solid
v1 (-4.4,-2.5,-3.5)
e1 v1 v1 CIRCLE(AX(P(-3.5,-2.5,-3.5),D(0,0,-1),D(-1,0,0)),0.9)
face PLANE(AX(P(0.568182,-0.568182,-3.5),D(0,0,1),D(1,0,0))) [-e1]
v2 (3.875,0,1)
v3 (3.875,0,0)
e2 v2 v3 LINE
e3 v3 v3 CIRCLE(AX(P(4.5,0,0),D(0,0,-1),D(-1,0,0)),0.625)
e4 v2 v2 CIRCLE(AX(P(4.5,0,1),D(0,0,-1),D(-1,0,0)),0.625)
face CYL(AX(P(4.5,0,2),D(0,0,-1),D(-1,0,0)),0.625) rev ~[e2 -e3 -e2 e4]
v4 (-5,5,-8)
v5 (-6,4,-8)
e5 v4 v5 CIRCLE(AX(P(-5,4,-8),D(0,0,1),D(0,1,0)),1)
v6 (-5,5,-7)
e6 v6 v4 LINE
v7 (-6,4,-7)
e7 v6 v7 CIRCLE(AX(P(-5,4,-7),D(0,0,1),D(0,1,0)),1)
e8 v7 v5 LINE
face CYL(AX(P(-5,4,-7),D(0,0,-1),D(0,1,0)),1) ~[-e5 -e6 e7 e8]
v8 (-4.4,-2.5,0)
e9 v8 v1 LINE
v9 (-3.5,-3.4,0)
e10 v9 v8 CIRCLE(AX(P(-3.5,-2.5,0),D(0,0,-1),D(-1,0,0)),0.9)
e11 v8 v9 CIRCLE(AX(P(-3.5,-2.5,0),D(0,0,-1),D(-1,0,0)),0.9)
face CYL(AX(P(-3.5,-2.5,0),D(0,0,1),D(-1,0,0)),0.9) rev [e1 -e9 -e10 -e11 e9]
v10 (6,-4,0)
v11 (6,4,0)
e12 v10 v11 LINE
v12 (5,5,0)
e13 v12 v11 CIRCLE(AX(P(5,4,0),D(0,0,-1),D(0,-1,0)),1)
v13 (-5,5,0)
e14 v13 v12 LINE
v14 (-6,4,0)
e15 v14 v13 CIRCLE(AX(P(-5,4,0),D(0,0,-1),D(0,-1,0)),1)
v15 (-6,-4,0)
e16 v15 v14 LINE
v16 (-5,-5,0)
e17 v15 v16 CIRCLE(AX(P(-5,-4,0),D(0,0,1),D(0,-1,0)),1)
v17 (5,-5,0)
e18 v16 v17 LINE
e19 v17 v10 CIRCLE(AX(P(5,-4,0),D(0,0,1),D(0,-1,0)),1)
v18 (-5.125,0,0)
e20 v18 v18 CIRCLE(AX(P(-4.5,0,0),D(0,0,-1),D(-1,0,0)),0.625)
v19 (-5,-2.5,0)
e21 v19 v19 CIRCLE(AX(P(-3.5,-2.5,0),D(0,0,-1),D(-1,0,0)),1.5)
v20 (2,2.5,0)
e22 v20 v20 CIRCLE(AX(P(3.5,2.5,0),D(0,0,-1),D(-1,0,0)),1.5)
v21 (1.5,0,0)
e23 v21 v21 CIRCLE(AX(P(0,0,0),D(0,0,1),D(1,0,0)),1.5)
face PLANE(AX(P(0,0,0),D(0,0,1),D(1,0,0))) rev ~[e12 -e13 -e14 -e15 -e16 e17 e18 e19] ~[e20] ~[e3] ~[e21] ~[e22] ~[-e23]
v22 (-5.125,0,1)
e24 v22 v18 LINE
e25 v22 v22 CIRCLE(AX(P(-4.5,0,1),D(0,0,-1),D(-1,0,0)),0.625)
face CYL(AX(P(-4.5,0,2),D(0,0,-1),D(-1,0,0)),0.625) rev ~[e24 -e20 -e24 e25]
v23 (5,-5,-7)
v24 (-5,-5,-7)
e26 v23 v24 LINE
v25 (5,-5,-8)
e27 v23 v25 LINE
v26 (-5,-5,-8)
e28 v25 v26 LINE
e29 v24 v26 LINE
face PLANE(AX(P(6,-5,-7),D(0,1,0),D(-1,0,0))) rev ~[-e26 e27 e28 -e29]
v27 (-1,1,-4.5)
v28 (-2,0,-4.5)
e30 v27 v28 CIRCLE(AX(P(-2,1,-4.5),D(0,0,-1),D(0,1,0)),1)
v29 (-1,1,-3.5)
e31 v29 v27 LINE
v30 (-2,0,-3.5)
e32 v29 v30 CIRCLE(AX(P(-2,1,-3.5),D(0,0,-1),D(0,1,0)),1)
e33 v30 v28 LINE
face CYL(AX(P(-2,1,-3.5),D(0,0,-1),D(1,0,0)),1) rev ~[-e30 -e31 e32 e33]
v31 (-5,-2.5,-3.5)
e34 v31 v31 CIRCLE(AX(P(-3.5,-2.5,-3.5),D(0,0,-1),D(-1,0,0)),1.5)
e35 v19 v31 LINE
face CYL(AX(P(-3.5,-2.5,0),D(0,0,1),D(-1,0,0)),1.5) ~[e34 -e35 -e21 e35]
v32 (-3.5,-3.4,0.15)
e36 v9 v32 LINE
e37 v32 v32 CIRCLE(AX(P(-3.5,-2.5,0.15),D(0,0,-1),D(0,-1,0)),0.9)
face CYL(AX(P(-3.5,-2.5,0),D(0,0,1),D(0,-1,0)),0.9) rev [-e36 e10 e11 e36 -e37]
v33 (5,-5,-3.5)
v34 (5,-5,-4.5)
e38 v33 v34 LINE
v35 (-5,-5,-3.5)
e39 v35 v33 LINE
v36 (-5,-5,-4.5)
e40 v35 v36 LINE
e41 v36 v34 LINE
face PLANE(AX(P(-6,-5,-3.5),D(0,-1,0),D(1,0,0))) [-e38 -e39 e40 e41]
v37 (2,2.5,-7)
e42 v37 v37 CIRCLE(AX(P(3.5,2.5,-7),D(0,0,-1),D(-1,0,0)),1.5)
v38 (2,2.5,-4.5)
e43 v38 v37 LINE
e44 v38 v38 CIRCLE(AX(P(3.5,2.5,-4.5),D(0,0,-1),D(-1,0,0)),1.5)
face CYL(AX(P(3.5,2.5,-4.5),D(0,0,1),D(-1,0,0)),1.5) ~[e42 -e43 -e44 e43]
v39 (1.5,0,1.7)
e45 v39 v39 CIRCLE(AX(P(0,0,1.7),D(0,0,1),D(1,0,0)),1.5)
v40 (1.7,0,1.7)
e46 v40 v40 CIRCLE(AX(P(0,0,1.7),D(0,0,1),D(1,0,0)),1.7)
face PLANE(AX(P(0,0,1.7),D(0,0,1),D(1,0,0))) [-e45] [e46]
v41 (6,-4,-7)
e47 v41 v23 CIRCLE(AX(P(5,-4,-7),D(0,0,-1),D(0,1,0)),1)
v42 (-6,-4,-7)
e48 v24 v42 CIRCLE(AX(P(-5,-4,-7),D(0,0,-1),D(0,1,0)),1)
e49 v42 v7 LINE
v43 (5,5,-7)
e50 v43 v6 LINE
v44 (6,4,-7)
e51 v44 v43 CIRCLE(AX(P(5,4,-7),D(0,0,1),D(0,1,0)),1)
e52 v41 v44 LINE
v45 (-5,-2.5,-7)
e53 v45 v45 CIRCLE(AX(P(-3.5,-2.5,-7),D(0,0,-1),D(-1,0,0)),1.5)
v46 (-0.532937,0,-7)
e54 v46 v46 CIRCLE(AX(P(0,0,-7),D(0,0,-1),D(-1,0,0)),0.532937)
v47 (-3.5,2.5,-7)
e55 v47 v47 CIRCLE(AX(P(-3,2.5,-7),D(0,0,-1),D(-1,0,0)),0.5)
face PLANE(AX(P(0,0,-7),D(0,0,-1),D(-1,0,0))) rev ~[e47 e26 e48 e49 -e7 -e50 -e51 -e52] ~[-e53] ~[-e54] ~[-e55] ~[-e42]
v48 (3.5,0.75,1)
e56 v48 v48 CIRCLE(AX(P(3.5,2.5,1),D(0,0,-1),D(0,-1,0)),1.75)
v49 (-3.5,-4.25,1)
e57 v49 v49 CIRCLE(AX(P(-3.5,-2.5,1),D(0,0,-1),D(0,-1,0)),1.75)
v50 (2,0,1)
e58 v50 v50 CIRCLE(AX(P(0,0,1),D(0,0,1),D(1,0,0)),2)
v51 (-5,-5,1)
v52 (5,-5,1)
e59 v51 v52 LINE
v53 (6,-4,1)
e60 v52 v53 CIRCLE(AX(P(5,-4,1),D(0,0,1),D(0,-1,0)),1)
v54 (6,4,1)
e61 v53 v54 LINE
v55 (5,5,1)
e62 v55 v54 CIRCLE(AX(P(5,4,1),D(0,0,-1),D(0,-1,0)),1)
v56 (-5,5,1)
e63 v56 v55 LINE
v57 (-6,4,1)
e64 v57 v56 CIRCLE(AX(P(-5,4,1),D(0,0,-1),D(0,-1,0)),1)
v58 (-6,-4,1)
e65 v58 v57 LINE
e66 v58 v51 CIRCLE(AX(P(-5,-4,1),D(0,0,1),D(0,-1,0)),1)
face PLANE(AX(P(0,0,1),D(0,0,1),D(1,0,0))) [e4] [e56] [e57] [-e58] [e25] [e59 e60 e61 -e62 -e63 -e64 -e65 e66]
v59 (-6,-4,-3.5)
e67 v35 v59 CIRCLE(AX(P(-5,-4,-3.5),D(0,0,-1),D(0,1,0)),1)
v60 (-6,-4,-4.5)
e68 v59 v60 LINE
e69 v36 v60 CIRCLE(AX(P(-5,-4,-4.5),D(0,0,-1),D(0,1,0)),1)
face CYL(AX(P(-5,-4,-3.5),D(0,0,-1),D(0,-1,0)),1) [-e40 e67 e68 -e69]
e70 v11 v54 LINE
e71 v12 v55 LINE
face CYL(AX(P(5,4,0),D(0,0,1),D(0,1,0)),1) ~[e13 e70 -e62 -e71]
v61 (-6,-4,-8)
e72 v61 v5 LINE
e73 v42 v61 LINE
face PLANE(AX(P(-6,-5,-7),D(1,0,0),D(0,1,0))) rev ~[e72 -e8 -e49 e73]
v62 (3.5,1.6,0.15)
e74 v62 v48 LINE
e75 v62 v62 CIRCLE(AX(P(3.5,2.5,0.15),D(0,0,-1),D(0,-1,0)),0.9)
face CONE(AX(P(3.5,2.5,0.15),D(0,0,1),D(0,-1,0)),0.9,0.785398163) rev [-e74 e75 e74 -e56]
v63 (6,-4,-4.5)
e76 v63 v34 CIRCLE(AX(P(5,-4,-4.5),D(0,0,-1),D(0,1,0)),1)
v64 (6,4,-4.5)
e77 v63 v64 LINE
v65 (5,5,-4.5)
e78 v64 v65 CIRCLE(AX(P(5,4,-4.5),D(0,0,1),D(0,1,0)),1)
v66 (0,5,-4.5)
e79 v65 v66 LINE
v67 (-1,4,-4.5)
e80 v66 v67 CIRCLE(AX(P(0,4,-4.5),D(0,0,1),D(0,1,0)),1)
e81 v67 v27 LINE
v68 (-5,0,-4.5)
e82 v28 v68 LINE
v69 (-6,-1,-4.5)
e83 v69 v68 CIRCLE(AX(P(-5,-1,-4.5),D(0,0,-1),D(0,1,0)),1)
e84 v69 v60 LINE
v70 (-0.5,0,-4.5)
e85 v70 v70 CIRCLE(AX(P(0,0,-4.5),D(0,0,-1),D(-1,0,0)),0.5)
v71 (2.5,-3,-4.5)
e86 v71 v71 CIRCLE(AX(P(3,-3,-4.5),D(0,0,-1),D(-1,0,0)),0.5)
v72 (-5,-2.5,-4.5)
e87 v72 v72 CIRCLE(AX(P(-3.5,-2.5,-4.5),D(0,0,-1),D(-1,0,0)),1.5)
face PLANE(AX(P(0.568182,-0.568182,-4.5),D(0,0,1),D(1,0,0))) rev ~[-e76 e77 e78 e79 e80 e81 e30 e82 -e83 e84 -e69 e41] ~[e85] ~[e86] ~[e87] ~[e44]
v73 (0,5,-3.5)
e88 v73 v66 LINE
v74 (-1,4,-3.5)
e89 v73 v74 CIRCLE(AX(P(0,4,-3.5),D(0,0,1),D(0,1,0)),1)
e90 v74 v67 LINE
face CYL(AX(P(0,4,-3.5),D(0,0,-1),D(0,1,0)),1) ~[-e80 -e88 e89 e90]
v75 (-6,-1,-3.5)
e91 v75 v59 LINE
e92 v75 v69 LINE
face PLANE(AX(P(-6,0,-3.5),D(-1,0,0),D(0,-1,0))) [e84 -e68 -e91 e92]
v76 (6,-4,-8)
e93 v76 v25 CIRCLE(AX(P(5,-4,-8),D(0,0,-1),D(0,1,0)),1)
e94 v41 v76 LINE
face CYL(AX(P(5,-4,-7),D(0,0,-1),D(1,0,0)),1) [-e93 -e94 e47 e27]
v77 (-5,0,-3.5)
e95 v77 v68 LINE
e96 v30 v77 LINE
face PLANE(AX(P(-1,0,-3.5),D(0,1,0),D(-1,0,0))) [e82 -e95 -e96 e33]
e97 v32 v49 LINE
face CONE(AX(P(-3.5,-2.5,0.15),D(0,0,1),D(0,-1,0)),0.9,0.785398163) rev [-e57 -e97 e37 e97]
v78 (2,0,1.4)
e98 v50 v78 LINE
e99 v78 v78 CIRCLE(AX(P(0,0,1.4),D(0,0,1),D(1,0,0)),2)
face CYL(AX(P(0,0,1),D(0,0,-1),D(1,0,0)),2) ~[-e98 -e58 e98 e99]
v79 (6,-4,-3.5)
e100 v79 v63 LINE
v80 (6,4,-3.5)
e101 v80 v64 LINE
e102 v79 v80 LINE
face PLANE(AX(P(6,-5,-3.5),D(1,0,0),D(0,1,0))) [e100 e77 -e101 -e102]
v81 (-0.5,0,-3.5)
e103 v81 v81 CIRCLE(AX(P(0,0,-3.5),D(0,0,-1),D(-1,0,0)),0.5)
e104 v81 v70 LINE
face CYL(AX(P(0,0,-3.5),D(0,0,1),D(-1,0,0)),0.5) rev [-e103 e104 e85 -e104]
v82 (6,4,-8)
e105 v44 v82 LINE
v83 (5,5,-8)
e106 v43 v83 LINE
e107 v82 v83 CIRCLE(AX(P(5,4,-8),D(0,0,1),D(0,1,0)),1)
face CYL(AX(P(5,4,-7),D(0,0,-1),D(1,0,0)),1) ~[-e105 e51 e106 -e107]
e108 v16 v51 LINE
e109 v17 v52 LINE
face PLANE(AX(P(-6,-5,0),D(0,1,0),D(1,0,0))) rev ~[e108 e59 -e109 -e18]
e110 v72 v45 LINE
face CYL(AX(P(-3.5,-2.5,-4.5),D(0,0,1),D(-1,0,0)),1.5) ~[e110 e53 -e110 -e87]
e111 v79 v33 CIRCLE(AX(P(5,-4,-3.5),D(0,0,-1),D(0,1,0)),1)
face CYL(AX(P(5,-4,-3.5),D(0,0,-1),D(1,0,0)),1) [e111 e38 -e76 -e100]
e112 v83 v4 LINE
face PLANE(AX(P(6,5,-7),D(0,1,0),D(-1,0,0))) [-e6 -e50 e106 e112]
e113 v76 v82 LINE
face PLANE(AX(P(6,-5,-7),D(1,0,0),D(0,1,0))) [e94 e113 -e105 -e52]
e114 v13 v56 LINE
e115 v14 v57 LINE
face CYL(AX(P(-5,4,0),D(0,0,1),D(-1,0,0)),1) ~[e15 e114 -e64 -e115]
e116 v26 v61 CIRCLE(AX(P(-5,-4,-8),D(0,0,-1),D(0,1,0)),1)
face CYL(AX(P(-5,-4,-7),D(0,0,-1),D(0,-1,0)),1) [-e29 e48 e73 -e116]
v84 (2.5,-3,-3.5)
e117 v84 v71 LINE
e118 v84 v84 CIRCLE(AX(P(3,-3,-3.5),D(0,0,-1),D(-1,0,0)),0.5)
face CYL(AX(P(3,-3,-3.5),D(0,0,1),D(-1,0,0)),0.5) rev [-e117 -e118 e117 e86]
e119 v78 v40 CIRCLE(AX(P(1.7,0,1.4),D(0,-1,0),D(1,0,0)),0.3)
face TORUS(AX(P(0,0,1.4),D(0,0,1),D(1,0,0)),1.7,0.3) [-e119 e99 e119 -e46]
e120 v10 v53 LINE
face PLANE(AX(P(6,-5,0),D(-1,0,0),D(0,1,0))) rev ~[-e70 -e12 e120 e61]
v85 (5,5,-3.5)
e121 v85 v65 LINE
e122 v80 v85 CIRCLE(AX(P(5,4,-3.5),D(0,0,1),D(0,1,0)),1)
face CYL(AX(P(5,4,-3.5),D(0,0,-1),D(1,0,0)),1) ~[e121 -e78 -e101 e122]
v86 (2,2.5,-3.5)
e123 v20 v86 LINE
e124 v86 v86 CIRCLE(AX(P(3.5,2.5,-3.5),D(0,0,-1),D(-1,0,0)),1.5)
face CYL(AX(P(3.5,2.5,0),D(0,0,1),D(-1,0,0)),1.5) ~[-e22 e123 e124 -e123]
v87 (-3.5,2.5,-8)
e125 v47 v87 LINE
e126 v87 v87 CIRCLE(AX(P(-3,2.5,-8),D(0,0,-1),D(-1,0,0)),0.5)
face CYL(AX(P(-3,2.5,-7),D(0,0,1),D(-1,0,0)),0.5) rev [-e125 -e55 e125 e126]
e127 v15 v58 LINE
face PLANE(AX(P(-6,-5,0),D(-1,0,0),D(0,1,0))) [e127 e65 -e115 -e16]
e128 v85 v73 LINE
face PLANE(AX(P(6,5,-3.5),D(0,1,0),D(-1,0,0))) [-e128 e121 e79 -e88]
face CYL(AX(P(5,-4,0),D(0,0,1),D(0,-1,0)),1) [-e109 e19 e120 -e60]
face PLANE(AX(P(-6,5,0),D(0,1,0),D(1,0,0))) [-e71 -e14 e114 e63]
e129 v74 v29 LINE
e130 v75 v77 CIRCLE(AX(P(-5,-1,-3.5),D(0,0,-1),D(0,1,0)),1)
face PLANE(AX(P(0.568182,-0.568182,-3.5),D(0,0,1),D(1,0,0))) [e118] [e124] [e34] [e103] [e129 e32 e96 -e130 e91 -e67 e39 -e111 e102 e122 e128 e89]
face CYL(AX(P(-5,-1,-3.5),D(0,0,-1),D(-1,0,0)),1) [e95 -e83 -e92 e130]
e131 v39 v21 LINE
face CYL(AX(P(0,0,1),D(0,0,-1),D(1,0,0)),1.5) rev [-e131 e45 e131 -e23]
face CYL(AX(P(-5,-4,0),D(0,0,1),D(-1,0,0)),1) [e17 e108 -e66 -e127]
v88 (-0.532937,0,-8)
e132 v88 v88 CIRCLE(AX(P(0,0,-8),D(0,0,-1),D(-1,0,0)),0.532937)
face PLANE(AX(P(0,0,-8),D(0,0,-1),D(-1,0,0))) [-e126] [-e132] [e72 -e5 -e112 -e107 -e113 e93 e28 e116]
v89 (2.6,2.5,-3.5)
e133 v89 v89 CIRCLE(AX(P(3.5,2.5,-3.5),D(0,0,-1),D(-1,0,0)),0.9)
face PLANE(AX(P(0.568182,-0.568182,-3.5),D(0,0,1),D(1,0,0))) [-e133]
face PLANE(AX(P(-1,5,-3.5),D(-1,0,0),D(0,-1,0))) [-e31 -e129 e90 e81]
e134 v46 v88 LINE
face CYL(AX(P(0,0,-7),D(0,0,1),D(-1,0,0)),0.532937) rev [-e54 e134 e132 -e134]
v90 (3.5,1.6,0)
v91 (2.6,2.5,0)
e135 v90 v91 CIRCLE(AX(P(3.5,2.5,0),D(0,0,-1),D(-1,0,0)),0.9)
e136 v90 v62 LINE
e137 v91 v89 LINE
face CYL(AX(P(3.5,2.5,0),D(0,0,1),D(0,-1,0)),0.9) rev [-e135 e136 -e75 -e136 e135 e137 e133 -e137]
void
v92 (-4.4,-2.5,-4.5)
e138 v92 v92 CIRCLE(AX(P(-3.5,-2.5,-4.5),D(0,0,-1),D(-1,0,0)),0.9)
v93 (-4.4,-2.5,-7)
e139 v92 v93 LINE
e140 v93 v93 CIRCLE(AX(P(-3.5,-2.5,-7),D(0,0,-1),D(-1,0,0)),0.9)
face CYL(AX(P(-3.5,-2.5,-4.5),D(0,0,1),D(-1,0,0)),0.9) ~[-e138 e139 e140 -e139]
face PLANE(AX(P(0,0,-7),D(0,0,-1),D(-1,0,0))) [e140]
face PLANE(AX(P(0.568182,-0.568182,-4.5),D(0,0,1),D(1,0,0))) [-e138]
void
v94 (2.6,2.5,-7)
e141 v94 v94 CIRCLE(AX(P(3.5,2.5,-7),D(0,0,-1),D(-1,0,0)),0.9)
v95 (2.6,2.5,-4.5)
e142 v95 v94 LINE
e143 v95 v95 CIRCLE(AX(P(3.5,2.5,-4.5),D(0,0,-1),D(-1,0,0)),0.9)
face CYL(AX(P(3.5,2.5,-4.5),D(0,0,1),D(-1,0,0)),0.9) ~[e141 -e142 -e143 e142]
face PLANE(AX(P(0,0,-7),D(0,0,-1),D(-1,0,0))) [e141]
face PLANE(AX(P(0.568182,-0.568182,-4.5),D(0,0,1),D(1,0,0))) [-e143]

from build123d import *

# Parameters (mm, degrees)
SKETCH_1_W               = 12
SKETCH_1_H               = 10
SKETCH_1_R               = 1.5
EXTRUDE_1_DEPTH          = 1
SKETCH_4_R               = 1.5
SKETCH_4_R_2             = 0.9
EXTRUDE_2_DEPTH          = 3.5
SKETCH_5_R               = 0.5
EXTRUDE_3_DEPTH          = 1
SKETCH_6_R               = 1.5
SKETCH_6_R_2             = 0.9
EXTRUDE_4_DEPTH          = 2.5
SKETCH_7_W               = 12
SKETCH_7_H               = 10
SKETCH_7_R               = 0.532937176
SKETCH_7_R_2             = 0.5
EXTRUDE_5_DEPTH          = 1
FILLET_1_R               = 1
HOLE_WIZARD_1_AT_2_COUNT = 2
HOLE_WIZARD_1_AT_2_PITCH = 8.602325267
HOLE_WIZARD_M1_6_1_D     = 1.25
HOLE_WIZARD_M1_6_1_DEPTH = 1
SKETCH_12_R              = 2
SKETCH_12_R_2            = 1.5
EXTRUDE_6_DEPTH          = 0.7
FILLET_2_R               = 0.3


with BuildPart() as part:
    # 草图1 → 凸台-拉伸1 (new body)
    with BuildSketch(Plane.XY):
        Rectangle(SKETCH_1_W, SKETCH_1_H)
        Circle(SKETCH_1_R, mode=Mode.SUBTRACT)
    extrude(amount=EXTRUDE_1_DEPTH)

    # 草图4 → 凸台-拉伸2 (add)
    with BuildSketch(Plane(origin=(0, 0, 0), x_dir=(-1, 0, 0), z_dir=(0, 0, -1))):
        with Locations((-3.5, 2.5)):
            Circle(SKETCH_4_R)
        with Locations((-3.5, 2.5)):
            Circle(SKETCH_4_R_2, mode=Mode.SUBTRACT)
        with Locations((3.5, -2.5)):
            Circle(SKETCH_4_R)
        with Locations((3.5, -2.5)):
            Circle(SKETCH_4_R_2, mode=Mode.SUBTRACT)
    extrude(amount=EXTRUDE_2_DEPTH)

    # 草图5 → 凸台-拉伸3 (add)
    with BuildSketch(Plane(origin=(0, 0, -3.5), x_dir=(-1, 0, 0), z_dir=(0, 0, -1))):
        Polygon((-6, -5), (-6, 5), (1, 5), (1, 0), (6, 0), (6, -5), align=None)
        with Locations((-3, -3)):
            Circle(SKETCH_5_R, mode=Mode.SUBTRACT)
        Circle(SKETCH_5_R, mode=Mode.SUBTRACT)
    extrude(amount=EXTRUDE_3_DEPTH)

    # 草图6 → 凸台-拉伸4 (add)
    with BuildSketch(Plane(origin=(0, 0, -4.5), x_dir=(-1, 0, 0), z_dir=(0, 0, -1))):
        with Locations((3.5, -2.5)):
            Circle(SKETCH_6_R)
        with Locations((3.5, -2.5)):
            Circle(SKETCH_6_R_2, mode=Mode.SUBTRACT)
        with Locations((-3.5, 2.5)):
            Circle(SKETCH_6_R)
        with Locations((-3.5, 2.5)):
            Circle(SKETCH_6_R_2, mode=Mode.SUBTRACT)
    extrude(amount=EXTRUDE_4_DEPTH)

    # 草图7 → 凸台-拉伸5 (add)
    with BuildSketch(Plane(origin=(0, 0, -7), x_dir=(-1, 0, 0), z_dir=(0, 0, -1))):
        Rectangle(SKETCH_7_W, SKETCH_7_H)
        Circle(SKETCH_7_R, mode=Mode.SUBTRACT)
        with Locations((3, 2.5)):
            Circle(SKETCH_7_R_2, mode=Mode.SUBTRACT)
    extrude(amount=EXTRUDE_5_DEPTH)

    # 圆角1
    fillet_1_edges = [part.edges().sort_by_distance(p)[0] for p in [
        (6, -5, -4),
        (-6, -5, -4),
        (-6, 0, -4),
        (-1, 0, -4),
        (-1, 5, -4),
        (6, 5, -4),
        (-6, 5, -7.5),
        (6, 5, -7.5),
        (6, -5, -7.5),
        (-6, -5, -7.5),
        (6, -5, 0.5),
        (-6, -5, 0.5),
        (-6, 5, 0.5),
        (6, 5, 0.5),
    ]]
    fillet(fillet_1_edges, radius=FILLET_1_R)

    # 草图8 → 打孔尺寸根据开槽半沉头木螺钉的类型1 (revolve, cut)
    with BuildSketch(Plane(origin=(3.5, 2.5, 1), x_dir=(0, -1, 0), z_dir=(1, 0, 0))):
        Polygon((0, 0), (0, 1), (0.9, 1), (0.9, 0.85), (1.75, 0), align=None)
    hole_wizard_1 = revolve(axis=Axis((3.5, 2.5, 7.35), (0, 0, -1)), mode=Mode.SUBTRACT)

    # 打孔尺寸根据开槽半沉头木螺钉的类型1 at 2: 打孔尺寸根据开槽半沉头木螺钉的类型1 ×2
    with Locations(*[Vector(-0.813733471, -0.581238194, 0) * (i * HOLE_WIZARD_1_AT_2_PITCH) for i in range(1, HOLE_WIZARD_1_AT_2_COUNT)]):
        add(hole_wizard_1, mode=Mode.SUBTRACT)

    # M1.6 螺纹孔1
    with Locations(Plane.XY.offset(1)):
        with Locations((4.5, 0), (-4.5, 0)):
            Hole(HOLE_WIZARD_M1_6_1_D / 2, depth=HOLE_WIZARD_M1_6_1_DEPTH)

    # 草图12 → 凸台-拉伸6 (add)
    with BuildSketch(Plane.XY.offset(1)):
        Circle(SKETCH_12_R)
        Circle(SKETCH_12_R_2, mode=Mode.SUBTRACT)
    extrude(amount=EXTRUDE_6_DEPTH)

    # 圆角2
    fillet_2_edges = [part.edges().sort_by_distance(p)[0] for p in [
        (-2, 0, 1.7),
    ]]
    fillet(fillet_2_edges, radius=FILLET_2_R)


solid = part.part
